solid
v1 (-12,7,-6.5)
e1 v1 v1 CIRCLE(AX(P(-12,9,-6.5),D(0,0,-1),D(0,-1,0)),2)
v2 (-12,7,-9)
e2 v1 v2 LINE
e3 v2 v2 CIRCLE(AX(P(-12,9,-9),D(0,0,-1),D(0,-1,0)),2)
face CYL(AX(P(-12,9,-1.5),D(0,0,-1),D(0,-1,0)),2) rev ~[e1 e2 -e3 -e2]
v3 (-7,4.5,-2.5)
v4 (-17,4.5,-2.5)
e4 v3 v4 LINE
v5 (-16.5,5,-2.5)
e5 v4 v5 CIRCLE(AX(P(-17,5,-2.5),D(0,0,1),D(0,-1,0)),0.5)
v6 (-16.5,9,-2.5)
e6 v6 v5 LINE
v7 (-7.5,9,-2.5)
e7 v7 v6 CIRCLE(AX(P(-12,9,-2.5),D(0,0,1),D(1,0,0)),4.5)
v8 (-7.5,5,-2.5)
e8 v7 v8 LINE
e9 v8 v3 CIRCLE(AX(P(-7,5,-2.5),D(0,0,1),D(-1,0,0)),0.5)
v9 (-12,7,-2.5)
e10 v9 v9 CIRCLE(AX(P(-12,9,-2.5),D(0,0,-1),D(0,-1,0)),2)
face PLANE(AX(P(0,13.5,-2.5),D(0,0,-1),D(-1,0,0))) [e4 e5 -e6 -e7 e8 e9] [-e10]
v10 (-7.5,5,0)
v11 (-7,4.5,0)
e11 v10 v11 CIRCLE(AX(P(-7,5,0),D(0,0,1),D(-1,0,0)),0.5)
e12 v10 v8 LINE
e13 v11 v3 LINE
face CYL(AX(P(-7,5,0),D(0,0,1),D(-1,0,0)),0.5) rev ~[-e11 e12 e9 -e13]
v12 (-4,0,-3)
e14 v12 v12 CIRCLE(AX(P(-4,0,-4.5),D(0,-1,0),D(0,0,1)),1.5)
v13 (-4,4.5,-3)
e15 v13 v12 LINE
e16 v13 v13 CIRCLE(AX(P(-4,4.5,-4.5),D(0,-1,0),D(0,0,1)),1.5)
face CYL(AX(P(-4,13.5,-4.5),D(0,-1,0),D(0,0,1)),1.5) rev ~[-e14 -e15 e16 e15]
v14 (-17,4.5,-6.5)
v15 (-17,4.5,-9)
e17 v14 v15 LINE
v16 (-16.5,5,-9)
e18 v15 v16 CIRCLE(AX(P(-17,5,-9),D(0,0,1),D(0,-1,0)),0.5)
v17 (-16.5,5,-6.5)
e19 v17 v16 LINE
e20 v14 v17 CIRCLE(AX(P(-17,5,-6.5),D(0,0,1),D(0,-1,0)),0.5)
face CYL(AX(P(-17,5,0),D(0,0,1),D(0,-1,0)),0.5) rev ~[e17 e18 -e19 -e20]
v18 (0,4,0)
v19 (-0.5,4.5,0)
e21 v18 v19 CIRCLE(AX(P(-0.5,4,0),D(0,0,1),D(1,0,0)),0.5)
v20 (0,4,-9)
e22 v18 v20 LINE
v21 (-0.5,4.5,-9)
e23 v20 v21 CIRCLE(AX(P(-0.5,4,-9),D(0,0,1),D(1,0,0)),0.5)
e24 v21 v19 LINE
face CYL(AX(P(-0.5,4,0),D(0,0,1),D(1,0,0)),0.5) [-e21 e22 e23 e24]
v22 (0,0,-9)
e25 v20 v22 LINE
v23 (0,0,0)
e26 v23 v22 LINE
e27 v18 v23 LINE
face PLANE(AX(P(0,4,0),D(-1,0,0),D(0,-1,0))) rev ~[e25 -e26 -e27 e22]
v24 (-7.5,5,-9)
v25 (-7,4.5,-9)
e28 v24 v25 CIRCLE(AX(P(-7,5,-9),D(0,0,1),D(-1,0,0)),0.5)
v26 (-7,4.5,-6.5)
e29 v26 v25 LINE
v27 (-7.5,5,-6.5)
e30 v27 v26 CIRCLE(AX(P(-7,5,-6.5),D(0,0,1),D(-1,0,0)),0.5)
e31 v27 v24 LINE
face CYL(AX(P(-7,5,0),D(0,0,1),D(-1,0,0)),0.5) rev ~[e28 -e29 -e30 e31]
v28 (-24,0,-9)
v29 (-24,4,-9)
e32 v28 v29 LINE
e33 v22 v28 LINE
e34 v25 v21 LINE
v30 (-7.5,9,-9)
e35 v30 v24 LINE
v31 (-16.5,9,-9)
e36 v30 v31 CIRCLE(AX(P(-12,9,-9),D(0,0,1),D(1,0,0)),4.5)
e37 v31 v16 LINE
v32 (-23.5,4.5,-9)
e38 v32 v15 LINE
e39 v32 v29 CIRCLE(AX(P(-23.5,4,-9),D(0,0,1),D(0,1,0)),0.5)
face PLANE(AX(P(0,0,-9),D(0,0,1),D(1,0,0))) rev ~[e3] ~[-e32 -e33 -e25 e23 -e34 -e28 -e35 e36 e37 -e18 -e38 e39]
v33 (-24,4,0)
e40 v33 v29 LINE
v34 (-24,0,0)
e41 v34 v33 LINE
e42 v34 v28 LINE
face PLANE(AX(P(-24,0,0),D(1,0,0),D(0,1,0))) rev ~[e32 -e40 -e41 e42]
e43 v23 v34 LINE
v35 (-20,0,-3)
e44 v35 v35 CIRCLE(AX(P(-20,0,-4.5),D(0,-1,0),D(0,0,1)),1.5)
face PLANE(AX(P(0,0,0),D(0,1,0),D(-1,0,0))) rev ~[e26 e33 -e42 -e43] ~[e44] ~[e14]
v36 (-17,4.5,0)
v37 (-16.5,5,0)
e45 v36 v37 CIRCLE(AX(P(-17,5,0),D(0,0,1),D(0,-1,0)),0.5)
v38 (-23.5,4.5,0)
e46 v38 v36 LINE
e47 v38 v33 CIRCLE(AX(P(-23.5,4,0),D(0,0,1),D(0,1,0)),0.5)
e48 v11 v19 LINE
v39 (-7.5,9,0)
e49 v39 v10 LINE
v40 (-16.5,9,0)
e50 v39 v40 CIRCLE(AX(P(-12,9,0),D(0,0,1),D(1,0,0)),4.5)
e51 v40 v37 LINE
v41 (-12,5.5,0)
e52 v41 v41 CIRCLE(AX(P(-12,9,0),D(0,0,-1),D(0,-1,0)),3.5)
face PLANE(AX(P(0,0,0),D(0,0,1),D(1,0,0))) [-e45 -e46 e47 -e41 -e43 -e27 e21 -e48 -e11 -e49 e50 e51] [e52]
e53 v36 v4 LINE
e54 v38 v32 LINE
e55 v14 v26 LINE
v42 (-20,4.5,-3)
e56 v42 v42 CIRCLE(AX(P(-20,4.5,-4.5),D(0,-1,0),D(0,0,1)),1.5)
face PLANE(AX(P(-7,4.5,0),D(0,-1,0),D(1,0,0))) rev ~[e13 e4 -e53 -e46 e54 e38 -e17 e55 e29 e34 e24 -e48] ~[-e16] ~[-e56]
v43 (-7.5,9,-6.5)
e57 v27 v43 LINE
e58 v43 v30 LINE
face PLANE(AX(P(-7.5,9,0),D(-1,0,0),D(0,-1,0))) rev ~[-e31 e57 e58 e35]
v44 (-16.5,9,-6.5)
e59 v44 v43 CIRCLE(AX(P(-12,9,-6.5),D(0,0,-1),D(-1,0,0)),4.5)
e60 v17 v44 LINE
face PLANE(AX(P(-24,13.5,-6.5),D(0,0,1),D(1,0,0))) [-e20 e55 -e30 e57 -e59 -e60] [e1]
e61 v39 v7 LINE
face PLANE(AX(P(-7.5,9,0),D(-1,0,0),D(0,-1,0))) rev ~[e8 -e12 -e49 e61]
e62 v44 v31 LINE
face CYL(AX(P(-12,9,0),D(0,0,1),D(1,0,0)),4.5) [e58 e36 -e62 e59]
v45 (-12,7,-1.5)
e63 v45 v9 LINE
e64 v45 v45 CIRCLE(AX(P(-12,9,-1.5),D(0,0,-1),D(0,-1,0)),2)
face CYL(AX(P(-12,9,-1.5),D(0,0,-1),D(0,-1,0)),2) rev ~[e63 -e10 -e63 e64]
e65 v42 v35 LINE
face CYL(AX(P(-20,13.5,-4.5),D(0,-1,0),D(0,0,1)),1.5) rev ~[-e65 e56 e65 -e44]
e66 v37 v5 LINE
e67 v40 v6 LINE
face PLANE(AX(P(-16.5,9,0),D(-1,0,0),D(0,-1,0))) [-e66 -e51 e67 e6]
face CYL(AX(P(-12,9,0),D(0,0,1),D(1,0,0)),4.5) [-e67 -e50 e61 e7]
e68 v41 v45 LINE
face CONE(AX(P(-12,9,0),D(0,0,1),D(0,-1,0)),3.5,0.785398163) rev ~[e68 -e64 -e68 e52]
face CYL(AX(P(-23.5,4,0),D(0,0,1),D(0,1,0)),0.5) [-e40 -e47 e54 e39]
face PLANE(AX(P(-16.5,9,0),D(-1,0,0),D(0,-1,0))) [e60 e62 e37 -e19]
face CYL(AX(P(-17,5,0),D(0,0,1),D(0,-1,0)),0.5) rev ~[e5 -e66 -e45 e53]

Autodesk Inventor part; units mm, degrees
ref_plane "YZ Plane" through (0, 0, 0) normal (1, 0, 0) x (0, 1, 0)
ref_plane "XY Plane" through (0, 0, 0) normal (0, 0, 1) x (1, 0, 0)
sketch "Boceto1" plane through (0, 0, 0) normal (0, 0, 1) x (1, 0, 0)
  line L0 (0, 0) -> (-24, 0)
  line L1 (-24, 0) -> (-24, 4)
  line L2 (-23.5, 4.5) -> (-0.5, 4.5)
  line L3 (0, 4) -> (0, 0)
  arc A0 (-23.5, 4.5) -> (-24, 4) centre (-23.5, 4) ccw
  arc A1 (0, 4) -> (-0.5, 4.5) centre (-0.5, 4) ccw
  line L4 (-12, 0) -> (-12, 13.5) construction
  circle A2 centre (-12, 9) radius 2
  arc A3 (-7.5, 9) -> (-16.5, 9) centre (-12, 9) ccw
  line L5 (-16.5, 9) -> (-16.5, 5)
  line L6 (-7.5, 9) -> (-7.5, 5)
  arc A4 (-17, 4.5) -> (-16.5, 5) centre (-17, 5) ccw
  arc A5 (-7.5, 5) -> (-7, 4.5) centre (-7, 5) ccw
  dimension "d0" = 24
  dimension "d2" = 1
  dimension "d3" = 1
  dimension "d4" = 4.5
  dimension "d5" = 4.5
  dimension "d6" = 4
  dimension "d7" = 9
  dimension "d8" = 1
  dimension "d9" = 1
extrude "Extrusión1" add sketch "Boceto1" against normal blind 9 contours L0 L1 A0 L2 A1 L3 | L2 A4 L5 A3 L6 A5 | A2
ref_plane "Plano de trabajo1" through (0, 13.5, 0) normal (0, 1, 0) x (-1, 0, 0)
sketch "Boceto2" plane through (0, 13.5, 0) normal (0, 1, 0) x (-1, 0, 0)
  line L0 (24, 0) -> (24, -9) projected
  line L1 (24, -4.5) -> (0, -4.5) construction
  line L2 (0, 0) -> (0, -9) projected
  line L3 (7.5, -9) -> (16.5, -9) projected
  line L4 (12, -9) -> (12, 0) construction
  line L5 (24, -6.5) -> (0, -6.5)
  line L6 (0, -6.5) -> (0, -2.5)
  line L7 (0, -2.5) -> (24, -2.5)
  line L8 (24, -2.5) -> (24, -6.5)
  circle A0 centre (20, -4.5) radius 1.5
  circle A1 centre (4, -4.5) radius 1.5
  point P0 (0, -4.5)
  point P1 (12, -6.5)
  point P2 (0, -6.5)
  dimension "d13" = 2
  dimension "d14" = 8
  dimension "d15" = 8
  dimension "d16" = 3
  dimension "d17" = 3
extrude "Extrusión2" cut sketch "Boceto2" against normal blind 9
hole "Agujero1" at (-20, 13.5, -4.5) at (-4, 13.5, -4.5) direction (0, -1, 0) diameter 3 end through all
hole "Agujero2" at (-12, 9, 0) direction (0, 0, -1) diameter 4 end through all countersink diameter 7 countersink angle 90
thread "Rosca1" size "M4x0.7" class "6H" standard "ANSI Metric M Profile" full length
equation "\"d15\" = d14"
properties part number "Hudson 1-72"
